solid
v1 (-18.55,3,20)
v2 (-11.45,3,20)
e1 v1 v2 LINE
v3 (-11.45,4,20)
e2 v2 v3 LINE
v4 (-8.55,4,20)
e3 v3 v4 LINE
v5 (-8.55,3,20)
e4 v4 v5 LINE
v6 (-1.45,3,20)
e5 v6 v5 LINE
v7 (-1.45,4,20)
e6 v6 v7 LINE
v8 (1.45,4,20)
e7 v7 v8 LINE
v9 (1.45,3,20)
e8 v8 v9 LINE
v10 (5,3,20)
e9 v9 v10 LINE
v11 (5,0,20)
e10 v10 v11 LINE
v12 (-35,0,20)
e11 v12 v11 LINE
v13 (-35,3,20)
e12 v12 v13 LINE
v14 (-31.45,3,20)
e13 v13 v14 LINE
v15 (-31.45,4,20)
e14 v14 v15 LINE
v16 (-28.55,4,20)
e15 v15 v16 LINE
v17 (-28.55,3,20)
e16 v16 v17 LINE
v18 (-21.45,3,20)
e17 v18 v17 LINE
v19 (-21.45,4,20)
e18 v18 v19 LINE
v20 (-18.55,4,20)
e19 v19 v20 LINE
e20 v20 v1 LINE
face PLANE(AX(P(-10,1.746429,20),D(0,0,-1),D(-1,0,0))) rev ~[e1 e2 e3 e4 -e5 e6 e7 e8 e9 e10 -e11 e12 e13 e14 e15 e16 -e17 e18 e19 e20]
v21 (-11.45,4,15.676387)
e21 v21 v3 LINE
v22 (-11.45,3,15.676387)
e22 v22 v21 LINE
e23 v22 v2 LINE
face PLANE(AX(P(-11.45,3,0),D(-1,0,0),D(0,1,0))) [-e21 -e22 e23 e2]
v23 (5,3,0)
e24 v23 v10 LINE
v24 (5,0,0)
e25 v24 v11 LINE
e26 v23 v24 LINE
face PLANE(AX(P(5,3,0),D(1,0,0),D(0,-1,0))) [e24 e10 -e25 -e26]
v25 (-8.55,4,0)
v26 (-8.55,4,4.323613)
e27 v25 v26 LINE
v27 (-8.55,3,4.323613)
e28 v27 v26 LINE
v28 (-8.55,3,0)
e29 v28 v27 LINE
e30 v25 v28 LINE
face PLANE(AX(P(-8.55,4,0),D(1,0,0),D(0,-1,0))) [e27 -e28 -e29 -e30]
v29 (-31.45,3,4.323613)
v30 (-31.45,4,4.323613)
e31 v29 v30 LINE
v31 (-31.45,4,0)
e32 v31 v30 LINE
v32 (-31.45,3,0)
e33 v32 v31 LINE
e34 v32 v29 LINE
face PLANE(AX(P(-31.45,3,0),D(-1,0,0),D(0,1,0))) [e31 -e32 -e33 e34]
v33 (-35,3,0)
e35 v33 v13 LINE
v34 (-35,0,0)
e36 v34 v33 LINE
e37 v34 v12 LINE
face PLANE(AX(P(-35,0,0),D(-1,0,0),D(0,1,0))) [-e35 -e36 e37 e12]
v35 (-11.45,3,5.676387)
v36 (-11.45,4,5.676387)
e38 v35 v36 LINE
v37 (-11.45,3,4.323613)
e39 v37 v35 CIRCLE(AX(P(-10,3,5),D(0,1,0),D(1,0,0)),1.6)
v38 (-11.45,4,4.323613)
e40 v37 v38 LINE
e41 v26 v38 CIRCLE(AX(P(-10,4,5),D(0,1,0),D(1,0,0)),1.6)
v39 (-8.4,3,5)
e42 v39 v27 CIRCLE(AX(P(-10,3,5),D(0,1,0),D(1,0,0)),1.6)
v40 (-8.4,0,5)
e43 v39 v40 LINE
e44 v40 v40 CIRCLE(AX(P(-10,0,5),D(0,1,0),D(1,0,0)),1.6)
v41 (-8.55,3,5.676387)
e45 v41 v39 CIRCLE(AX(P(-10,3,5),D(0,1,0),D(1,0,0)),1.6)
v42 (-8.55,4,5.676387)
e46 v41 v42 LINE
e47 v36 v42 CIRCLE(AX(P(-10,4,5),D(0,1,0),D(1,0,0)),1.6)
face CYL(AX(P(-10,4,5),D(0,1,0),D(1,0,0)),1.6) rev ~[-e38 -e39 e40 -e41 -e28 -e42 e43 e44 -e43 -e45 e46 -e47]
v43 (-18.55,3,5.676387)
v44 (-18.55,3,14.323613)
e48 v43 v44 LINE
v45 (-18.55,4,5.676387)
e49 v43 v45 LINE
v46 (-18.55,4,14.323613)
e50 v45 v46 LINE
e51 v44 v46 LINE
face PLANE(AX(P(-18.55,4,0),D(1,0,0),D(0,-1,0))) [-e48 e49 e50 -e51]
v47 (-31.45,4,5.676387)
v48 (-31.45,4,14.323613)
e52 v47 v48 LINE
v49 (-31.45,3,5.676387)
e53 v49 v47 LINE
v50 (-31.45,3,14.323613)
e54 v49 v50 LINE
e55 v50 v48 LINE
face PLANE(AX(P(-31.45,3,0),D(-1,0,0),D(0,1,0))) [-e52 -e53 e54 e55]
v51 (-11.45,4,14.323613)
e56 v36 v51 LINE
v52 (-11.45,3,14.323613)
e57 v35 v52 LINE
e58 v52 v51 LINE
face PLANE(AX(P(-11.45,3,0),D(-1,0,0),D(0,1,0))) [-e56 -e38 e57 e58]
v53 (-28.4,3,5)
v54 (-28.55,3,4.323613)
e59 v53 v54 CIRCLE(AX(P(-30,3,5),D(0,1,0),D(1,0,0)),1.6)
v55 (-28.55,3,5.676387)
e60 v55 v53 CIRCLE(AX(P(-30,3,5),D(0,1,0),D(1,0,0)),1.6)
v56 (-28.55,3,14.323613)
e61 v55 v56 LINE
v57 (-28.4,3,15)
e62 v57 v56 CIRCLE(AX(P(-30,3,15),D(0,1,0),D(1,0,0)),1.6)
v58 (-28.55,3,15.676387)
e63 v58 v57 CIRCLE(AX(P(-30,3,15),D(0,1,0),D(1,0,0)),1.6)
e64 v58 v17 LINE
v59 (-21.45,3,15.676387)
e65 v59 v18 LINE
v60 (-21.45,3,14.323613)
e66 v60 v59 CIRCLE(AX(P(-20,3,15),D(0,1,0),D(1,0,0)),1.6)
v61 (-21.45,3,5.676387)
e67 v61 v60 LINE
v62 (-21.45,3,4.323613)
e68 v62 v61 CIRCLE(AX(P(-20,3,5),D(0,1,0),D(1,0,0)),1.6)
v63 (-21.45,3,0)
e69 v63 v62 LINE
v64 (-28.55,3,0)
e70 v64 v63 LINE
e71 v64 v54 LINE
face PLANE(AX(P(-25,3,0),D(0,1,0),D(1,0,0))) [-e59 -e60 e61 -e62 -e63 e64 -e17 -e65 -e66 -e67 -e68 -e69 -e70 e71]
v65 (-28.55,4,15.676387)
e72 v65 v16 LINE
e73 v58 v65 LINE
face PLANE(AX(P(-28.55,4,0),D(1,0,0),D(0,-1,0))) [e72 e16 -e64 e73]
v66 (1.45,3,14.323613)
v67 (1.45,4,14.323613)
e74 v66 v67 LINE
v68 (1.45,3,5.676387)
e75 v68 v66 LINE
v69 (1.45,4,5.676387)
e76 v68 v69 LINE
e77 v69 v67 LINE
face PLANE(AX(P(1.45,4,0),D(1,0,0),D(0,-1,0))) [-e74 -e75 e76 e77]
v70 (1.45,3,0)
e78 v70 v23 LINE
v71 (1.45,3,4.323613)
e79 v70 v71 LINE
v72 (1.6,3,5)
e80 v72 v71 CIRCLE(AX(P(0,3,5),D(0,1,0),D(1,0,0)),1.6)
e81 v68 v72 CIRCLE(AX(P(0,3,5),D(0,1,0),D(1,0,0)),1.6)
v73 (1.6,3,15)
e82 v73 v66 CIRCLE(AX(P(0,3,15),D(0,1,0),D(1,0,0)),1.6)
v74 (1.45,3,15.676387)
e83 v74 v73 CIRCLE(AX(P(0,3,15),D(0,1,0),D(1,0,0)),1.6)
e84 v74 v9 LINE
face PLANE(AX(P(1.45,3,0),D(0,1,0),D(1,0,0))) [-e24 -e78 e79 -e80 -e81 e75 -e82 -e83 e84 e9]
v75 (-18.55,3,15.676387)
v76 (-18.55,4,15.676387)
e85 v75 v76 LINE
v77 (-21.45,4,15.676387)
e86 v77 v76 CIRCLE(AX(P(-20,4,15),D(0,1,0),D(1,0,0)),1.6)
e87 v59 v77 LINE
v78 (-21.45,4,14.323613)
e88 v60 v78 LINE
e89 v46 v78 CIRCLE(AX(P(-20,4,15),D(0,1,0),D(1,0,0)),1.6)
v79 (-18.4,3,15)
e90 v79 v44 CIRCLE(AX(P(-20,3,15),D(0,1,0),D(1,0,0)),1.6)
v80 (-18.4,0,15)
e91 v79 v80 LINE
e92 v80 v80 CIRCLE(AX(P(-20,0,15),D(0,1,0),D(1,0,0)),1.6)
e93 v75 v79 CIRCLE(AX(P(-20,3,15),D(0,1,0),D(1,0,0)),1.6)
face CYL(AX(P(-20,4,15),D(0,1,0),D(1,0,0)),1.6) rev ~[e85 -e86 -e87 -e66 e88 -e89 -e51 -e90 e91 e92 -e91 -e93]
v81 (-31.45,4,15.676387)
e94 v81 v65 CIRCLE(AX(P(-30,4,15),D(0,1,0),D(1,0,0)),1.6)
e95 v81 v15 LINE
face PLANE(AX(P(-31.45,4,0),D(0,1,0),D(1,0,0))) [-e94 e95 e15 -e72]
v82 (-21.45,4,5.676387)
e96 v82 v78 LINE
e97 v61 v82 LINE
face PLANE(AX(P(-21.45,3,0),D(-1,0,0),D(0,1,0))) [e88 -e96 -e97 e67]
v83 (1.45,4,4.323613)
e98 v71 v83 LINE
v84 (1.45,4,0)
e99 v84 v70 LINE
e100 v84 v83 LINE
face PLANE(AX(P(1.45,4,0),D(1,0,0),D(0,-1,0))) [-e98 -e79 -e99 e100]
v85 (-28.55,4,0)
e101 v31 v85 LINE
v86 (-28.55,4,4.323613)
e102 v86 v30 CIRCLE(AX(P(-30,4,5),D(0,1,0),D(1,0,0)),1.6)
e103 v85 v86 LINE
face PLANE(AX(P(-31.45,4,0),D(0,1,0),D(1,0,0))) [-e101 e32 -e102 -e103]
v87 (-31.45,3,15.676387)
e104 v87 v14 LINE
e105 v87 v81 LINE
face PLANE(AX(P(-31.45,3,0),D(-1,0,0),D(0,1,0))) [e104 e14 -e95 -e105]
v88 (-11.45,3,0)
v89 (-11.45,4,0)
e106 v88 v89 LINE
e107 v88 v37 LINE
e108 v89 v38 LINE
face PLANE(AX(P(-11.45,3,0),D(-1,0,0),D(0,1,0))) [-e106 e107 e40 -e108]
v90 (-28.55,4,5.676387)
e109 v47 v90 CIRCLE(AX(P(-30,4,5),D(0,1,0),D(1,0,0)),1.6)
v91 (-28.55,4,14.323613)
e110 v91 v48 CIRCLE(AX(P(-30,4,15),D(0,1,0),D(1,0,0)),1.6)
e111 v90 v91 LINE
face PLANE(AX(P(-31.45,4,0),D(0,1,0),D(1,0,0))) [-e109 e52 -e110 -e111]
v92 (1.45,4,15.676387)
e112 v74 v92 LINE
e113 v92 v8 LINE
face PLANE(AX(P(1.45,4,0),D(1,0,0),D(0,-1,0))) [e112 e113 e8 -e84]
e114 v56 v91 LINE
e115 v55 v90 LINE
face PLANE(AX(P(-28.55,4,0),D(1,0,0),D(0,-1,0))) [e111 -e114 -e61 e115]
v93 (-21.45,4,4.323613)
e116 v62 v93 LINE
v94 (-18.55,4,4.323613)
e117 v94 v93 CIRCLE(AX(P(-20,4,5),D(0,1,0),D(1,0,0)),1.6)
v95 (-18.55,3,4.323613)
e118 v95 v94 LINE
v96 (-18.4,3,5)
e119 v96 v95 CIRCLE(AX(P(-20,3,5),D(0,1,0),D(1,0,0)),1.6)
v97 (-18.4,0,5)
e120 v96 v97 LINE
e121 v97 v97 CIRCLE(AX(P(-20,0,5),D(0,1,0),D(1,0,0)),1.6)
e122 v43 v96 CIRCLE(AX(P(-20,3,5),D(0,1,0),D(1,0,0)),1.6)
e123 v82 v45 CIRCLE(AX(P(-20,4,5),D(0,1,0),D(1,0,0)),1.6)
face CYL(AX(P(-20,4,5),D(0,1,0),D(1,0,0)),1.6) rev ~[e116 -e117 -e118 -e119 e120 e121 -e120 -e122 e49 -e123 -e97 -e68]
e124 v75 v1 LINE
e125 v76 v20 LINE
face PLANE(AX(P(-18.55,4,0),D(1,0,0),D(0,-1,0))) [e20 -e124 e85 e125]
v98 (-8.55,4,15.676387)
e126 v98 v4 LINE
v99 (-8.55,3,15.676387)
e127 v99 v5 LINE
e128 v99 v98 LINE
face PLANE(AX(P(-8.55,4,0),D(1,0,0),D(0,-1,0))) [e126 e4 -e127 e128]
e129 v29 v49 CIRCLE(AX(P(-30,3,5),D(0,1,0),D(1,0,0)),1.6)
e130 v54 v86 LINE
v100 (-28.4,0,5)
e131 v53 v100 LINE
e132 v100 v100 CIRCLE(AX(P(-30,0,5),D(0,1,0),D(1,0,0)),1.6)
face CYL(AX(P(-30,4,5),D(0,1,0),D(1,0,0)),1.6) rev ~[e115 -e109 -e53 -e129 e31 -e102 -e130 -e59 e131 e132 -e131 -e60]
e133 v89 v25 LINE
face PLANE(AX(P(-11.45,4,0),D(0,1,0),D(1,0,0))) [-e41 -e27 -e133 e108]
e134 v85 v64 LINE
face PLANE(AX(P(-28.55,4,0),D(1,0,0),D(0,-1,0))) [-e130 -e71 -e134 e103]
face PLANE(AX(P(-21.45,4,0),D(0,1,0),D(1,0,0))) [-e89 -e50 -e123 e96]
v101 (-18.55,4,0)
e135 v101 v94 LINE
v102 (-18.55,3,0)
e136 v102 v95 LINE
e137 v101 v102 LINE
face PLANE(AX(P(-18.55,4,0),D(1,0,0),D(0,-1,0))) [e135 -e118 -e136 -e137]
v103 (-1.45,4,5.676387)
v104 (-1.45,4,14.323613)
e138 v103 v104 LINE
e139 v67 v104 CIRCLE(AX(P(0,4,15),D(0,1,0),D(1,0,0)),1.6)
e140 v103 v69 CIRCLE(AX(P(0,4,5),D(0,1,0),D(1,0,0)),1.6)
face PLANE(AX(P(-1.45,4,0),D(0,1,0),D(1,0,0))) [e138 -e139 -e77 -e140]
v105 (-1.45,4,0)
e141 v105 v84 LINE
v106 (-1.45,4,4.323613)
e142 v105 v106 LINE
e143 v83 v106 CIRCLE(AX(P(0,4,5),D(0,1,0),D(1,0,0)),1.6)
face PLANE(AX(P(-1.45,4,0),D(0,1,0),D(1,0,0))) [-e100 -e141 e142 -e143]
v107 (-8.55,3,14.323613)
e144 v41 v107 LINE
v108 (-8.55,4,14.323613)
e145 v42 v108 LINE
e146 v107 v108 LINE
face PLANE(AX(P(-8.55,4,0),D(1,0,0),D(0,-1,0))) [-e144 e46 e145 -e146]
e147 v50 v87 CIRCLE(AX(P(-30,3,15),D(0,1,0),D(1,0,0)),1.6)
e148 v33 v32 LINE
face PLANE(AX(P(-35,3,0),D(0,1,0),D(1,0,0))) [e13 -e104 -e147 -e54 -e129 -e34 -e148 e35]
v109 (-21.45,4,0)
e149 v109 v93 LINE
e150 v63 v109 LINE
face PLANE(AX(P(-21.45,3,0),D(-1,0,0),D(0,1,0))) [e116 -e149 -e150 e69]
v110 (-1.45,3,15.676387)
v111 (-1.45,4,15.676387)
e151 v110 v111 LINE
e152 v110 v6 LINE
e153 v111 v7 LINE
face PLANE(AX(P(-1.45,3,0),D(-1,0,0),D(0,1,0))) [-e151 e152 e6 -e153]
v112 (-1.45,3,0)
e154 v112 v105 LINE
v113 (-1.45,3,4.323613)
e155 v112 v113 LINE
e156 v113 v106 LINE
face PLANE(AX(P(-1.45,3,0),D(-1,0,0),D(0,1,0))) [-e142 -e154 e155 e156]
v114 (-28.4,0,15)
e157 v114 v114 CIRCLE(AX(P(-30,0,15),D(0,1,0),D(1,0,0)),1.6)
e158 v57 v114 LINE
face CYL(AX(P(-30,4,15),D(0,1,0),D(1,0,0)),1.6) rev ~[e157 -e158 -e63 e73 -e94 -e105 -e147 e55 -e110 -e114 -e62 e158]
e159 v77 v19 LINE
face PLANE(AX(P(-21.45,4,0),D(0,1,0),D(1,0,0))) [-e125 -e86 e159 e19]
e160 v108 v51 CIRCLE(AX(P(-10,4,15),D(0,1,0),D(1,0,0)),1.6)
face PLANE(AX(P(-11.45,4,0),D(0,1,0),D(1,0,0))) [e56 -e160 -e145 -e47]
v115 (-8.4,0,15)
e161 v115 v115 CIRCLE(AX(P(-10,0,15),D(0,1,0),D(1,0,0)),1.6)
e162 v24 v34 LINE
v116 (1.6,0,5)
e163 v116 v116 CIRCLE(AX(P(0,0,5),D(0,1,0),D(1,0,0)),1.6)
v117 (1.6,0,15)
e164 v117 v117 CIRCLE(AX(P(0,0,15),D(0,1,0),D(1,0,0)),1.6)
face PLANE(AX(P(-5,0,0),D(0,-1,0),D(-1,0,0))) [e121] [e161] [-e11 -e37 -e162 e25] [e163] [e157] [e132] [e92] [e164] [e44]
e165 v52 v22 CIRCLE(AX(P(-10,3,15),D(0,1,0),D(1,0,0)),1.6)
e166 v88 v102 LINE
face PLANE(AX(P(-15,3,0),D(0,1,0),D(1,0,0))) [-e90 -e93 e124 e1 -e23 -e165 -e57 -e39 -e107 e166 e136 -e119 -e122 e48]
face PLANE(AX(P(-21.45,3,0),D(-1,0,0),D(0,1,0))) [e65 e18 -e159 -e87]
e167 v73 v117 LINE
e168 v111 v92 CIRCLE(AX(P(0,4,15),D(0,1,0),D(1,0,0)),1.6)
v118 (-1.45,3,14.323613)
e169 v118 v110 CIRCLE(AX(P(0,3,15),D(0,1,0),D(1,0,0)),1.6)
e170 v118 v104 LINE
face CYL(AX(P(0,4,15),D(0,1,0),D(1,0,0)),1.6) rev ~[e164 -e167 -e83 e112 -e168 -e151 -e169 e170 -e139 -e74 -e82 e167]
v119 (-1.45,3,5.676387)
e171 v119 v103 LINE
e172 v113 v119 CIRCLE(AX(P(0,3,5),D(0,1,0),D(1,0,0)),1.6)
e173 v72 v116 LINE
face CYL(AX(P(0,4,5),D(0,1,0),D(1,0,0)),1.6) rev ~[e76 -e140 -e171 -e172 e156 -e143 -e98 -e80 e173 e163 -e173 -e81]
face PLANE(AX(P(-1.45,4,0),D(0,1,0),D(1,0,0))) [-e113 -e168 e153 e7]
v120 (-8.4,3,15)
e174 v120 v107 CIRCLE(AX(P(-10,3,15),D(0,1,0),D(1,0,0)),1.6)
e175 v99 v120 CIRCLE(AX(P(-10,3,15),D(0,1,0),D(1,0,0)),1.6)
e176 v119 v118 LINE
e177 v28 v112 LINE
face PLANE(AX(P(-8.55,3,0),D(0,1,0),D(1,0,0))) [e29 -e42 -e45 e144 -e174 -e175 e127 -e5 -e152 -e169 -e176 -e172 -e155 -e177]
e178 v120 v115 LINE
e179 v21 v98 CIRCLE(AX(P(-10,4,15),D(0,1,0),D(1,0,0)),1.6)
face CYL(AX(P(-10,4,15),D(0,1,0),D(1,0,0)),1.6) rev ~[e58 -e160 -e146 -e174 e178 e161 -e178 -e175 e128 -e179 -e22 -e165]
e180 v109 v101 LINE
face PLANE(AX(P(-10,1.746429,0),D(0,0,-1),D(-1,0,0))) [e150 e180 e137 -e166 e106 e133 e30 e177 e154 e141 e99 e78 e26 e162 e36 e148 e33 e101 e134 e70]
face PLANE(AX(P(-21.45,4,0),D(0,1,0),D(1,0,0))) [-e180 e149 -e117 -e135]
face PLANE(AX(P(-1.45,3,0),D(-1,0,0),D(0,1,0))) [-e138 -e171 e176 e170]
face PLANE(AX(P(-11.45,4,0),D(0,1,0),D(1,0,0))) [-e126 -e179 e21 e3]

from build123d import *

# Parameters (mm, degrees)
MAIN_DEPTH                 = 20
ESQUISSE2_R                = 1.6
TOPHOLE_DEPTH              = 5
R_P_TITION_LIN_AIRE1_COUNT = 4
R_P_TITION_LIN_AIRE1_PITCH = 10


with BuildPart() as part:
    # Esquisse1 → Main (new body)
    with BuildSketch(Plane.XY):
        Polygon((-5, 0), (-5, 3), (-1.45, 3), (-1.45, 4), (1.45, 4), (1.45, 3), (5, 3), (5, 0), align=None)
    main = extrude(amount=MAIN_DEPTH)

    # Esquisse2 → TopHole (cut, through all)
    with BuildSketch(Plane(origin=(0, 4, 0), x_dir=(1, 0, 0), z_dir=(0, 1, 0))):
        with Locations((0, -5)):
            Circle(ESQUISSE2_R)
        with Locations((0, -15)):
            Circle(ESQUISSE2_R)
    tophole = extrude(amount=-TOPHOLE_DEPTH, mode=Mode.SUBTRACT)

    # Répétition linéaire1: Main, TopHole ×4
    with Locations(*[(-i * R_P_TITION_LIN_AIRE1_PITCH, 0, 0) for i in range(1, R_P_TITION_LIN_AIRE1_COUNT)]):
        add(main)
        add(tophole, mode=Mode.SUBTRACT)


solid = part.part
